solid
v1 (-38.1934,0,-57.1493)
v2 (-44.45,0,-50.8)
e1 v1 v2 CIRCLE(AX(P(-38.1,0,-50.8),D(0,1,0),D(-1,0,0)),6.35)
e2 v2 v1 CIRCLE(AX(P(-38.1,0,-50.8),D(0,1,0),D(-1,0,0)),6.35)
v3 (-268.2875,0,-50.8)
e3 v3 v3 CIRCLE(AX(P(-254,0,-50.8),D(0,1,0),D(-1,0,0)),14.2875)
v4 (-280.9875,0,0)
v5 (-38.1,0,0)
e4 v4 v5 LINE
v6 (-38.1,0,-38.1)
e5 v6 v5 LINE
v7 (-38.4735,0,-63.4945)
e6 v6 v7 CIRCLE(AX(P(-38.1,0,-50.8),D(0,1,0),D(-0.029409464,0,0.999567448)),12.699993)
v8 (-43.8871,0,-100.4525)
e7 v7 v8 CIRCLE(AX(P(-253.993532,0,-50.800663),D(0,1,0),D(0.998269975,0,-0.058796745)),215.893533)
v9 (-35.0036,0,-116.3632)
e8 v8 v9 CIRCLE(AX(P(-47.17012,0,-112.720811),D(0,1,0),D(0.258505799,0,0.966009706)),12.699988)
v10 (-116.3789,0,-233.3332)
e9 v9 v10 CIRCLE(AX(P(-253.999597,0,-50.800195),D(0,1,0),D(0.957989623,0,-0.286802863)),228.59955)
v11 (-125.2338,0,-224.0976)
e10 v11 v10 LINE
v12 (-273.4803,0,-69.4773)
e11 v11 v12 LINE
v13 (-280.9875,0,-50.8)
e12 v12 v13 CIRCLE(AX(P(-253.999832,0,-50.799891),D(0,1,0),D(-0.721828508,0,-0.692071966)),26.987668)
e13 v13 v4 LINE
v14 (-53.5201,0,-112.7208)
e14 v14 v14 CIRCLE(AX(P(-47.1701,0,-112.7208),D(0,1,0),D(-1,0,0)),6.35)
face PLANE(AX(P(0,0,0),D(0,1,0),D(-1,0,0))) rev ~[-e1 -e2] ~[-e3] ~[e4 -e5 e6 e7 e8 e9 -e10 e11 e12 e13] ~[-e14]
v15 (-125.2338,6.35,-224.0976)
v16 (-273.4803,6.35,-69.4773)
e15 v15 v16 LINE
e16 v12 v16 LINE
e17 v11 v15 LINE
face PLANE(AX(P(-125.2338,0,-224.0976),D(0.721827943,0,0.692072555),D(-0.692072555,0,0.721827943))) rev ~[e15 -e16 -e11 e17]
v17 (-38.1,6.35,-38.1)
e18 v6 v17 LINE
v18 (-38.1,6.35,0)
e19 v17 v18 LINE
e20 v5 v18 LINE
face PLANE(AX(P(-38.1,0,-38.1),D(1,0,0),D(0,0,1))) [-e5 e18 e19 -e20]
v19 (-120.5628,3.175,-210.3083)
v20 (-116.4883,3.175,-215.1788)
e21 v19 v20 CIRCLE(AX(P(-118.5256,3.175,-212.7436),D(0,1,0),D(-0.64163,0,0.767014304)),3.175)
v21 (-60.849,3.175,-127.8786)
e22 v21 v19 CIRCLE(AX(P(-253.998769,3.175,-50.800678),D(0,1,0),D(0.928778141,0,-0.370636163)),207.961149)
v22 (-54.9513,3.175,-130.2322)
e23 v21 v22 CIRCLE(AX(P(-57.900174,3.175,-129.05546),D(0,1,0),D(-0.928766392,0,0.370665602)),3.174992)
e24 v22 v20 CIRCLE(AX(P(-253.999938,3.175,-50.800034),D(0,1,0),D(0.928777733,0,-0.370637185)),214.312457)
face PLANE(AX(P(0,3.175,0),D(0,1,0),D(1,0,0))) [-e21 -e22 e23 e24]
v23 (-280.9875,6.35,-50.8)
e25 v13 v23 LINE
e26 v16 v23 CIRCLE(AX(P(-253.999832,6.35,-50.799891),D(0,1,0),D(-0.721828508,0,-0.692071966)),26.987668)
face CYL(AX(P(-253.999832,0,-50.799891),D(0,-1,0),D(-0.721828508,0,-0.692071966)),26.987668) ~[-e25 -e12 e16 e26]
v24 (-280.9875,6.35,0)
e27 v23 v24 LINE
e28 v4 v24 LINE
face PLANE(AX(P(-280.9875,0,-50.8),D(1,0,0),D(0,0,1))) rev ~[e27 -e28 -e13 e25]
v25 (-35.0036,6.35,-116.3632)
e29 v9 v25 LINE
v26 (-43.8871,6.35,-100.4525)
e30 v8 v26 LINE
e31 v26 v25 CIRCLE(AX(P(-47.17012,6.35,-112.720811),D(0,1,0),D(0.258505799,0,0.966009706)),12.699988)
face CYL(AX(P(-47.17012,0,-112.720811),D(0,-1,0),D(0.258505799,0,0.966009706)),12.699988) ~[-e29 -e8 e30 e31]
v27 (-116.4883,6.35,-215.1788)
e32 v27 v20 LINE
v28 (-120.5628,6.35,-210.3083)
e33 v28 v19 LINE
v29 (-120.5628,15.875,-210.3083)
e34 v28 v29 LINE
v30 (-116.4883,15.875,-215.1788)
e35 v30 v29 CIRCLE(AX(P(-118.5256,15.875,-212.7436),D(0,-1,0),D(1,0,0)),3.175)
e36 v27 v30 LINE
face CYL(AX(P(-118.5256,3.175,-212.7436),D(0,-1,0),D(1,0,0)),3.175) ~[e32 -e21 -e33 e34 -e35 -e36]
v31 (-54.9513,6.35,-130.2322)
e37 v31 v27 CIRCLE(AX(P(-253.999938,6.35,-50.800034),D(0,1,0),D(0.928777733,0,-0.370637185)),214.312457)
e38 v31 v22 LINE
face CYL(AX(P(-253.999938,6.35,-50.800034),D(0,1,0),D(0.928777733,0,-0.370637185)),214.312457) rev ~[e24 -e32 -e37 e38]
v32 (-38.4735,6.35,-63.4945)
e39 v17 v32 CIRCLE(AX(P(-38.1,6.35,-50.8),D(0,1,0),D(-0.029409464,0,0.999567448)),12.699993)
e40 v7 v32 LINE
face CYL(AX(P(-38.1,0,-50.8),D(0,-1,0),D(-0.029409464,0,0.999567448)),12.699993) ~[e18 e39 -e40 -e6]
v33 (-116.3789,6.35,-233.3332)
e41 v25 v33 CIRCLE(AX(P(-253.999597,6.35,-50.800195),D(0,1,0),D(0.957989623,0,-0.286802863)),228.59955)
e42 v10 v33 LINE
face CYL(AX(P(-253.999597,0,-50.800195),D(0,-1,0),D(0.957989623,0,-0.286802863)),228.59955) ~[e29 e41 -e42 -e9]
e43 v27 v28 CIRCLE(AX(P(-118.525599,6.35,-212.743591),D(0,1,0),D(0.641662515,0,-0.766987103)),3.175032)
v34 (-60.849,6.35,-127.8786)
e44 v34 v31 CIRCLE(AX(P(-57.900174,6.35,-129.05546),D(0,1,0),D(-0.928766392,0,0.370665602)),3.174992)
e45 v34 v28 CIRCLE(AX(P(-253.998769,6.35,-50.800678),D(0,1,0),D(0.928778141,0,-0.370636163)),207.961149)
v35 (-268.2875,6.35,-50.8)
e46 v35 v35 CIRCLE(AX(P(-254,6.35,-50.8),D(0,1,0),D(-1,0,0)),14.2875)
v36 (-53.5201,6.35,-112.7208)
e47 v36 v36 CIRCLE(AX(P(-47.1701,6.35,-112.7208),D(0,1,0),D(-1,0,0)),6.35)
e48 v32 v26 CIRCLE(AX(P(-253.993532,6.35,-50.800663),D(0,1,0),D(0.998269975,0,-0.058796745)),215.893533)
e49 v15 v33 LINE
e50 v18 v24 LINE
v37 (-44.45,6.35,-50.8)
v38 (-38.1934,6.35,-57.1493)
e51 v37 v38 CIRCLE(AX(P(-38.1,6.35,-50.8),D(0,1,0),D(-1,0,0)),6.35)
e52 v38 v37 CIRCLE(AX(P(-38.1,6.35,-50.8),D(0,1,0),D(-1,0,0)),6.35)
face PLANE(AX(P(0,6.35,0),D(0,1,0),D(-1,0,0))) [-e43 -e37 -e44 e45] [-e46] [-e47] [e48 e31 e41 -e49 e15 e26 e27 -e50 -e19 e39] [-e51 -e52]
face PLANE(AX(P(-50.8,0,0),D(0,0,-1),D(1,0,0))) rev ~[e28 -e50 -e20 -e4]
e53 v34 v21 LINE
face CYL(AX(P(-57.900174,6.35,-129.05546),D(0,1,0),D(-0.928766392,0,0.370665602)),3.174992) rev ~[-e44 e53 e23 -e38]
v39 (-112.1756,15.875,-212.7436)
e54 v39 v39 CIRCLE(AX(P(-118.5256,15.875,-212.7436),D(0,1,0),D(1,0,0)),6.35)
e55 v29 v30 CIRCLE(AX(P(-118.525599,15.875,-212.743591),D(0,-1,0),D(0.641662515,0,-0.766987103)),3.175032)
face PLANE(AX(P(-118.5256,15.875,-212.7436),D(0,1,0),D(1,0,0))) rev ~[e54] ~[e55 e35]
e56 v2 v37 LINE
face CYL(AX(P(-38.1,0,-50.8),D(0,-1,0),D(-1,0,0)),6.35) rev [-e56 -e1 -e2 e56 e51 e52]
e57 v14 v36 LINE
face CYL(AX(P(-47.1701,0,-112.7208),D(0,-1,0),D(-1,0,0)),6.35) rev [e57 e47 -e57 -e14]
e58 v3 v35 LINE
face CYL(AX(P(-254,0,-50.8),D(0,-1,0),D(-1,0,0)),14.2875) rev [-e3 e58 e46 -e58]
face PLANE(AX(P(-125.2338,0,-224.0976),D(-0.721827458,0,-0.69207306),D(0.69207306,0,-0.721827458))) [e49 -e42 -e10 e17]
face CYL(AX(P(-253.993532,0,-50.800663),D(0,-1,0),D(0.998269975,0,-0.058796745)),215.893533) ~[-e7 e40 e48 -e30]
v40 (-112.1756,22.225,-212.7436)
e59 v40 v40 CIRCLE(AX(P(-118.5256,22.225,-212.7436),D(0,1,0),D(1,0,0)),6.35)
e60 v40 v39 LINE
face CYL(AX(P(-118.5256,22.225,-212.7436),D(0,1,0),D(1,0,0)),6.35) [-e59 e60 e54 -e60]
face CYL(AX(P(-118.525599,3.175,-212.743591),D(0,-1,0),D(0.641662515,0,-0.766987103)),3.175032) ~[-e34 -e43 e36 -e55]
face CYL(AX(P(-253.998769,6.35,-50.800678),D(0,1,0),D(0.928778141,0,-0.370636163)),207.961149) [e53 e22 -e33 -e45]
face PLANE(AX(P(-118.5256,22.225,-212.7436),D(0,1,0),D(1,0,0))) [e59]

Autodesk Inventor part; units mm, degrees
ref_plane "YZ Plane" through (0, 0, 0) normal (1, 0, 0) x (0, 1, 0)
ref_plane "XZ Plane" through (0, 0, 0) normal (0, 1, 0) x (-1, 0, 0)
sketch "Sketch1" plane through (0, 0, 0) normal (0, 1, 0) x (-1, 0, 0)
  circle A0 centre (254, -50.8) radius 14.2875
  arc A1 (38.4735, -38.1055) -> (38.4735, -63.4945) centre (38.1, -50.8) ccw
  line L0 (280.9875, -50.8) -> (280.9875, 0)
  line L1 (280.9875, 0) -> (280.9875, -50.8)
  line L2 (280.9875, 0) -> (38.1, 0)
  line L3 (38.1, -38.1) -> (38.1, 0)
  arc A2 (38.4735, -63.4945) -> (43.8871, -100.4525) centre (254, -50.8) ccw
  arc A3 (51.1687, -124.7749) -> (66.9545, -158.6276) centre (254, -50.8) ccw
  arc A4 (80.906, -179.8398) -> (105.7377, -207.743) centre (254, -50.8) ccw
  arc A5 (273.4803, -69.4773) -> (280.9875, -50.8) centre (254, -50.8) ccw
  line L4 (125.2338, -224.0976) -> (273.4803, -69.4773)
  line L5 (280.9875, 0) -> (38.1, 0)
  line L6 (38.1, 0) -> (38.1, -38.1)
  line L7 (280.9875, 0) -> (280.9875, -50.8)
  circle A6 centre (47.1701, -112.7208) radius 6.35
  circle A7 centre (38.1, -50.8) radius 6.35
  arc A8 (43.8871, -100.4525) -> (51.1687, -124.7749) centre (47.1701, -112.7208) ccw
  arc A9 (38.4735, -38.1055) -> (38.4735, -63.4945) centre (38.1, -50.8) ccw
  arc A10 (43.8871, -100.4525) -> (51.1687, -124.7749) centre (47.1701, -112.7208) ccw
  line L8 (38.1, 0) -> (50.8, 0)
  line L9 (38.4739, -38.1) -> (38.1, -38.1)
  line L10 (38.1, -38.1) -> (38.1, 0)
  circle A11 centre (254, -50.8) radius 14.2875
  circle A12 centre (47.1701, -112.7208) radius 6.35
  circle A13 centre (38.1, -50.8) radius 6.35
  arc A14 (51.1687, -124.7749) -> (125.2338, -224.0976) centre (254, -50.8) ccw
  arc A15 (38.1934, -57.1493) -> (43.8871, -100.4525) centre (254, -50.8) ccw
  arc A16 (35.0036, -116.3632) -> (116.3789, -233.3332) centre (254, -50.8) ccw
  line L11 (125.2338, -224.0976) -> (116.3789, -233.3332)
  point P0 (0, 0)
  point P1 (44.1616, 0)
  point P2 (38.1934, -44.4507)
  dimension "d4" = 28.575
  dimension "d32" = 25.4
  dimension "d36" = 50.8
  dimension "d74" = 53.975
  dimension "d79" = 12.7
  dimension "d83" = 26.9875
ref_plane "Work Plane1" through (0, 6.35, 0) normal (0, 1, 0) x (1, 0, 0)
extrude "Extrusion7" add sketch "Sketch1" along normal blind 6.35
sketch "Sketch4" plane through (0, 6.35, 0) normal (0, 1, 0) x (1, 0, 0)
  arc A0 (-116.4883, 215.1788) -> (-120.5628, 210.3083) centre (-118.5256, 212.7436) ccw projected
  arc A1 (-116.4883, 215.1788) -> (-120.5628, 210.3083) centre (-118.5256, 212.7436) ccw
  arc A2 (-60.849, 127.8786) -> (-54.9513, 130.2322) centre (-57.9002, 129.0554) ccw projected
  arc A3 (-60.849, 127.8786) -> (-54.9513, 130.2322) centre (-57.9002, 129.0554) ccw
  circle A4 centre (-254, 50.8) radius 14.2875 projected
  arc A5 (-54.9513, 130.2322) -> (-116.4883, 215.1788) centre (-254, 50.8) ccw projected
  arc A6 (-54.9513, 130.2322) -> (-116.4883, 215.1788) centre (-254, 50.8) ccw
  arc A7 (-60.849, 127.8786) -> (-120.5628, 210.3083) centre (-254, 50.8) ccw
  point P0 (0, 0)
extrude "Extrusion9" cut sketch "Sketch4" against normal blind 3.175 contours A5 A2 A7 A0
sketch "Sketch5" plane through (0, 3.175, 0) normal (0, 1, 0) x (1, 0, 0)
  arc A0 (-116.4883, 215.1788) -> (-120.5628, 210.3083) centre (-118.5256, 212.7436) ccw projected
  circle A1 centre (-118.5256, 212.7436) radius 3.175
  point P0 (0, 0)
extrude "Extrusion10" add sketch "Sketch5" along normal blind 19.05
sketch "Sketch6" plane through (-118.5256, 22.225, -212.7436) normal (0, 1, 0) x (1, 0, 0)
  arc A0 (2.0372, 2.4352) -> (-2.0372, -2.4352) centre (0, 0) ccw projected
  circle A1 centre (0, 0) radius 6.35
  point P0 (118.5256, -212.7436)
  dimension "d110" = 12.7
extrude "Extrusion11" add sketch "Sketch6" against normal blind 6.35
properties part number "Hood panel" material "Aluminum 6061"
